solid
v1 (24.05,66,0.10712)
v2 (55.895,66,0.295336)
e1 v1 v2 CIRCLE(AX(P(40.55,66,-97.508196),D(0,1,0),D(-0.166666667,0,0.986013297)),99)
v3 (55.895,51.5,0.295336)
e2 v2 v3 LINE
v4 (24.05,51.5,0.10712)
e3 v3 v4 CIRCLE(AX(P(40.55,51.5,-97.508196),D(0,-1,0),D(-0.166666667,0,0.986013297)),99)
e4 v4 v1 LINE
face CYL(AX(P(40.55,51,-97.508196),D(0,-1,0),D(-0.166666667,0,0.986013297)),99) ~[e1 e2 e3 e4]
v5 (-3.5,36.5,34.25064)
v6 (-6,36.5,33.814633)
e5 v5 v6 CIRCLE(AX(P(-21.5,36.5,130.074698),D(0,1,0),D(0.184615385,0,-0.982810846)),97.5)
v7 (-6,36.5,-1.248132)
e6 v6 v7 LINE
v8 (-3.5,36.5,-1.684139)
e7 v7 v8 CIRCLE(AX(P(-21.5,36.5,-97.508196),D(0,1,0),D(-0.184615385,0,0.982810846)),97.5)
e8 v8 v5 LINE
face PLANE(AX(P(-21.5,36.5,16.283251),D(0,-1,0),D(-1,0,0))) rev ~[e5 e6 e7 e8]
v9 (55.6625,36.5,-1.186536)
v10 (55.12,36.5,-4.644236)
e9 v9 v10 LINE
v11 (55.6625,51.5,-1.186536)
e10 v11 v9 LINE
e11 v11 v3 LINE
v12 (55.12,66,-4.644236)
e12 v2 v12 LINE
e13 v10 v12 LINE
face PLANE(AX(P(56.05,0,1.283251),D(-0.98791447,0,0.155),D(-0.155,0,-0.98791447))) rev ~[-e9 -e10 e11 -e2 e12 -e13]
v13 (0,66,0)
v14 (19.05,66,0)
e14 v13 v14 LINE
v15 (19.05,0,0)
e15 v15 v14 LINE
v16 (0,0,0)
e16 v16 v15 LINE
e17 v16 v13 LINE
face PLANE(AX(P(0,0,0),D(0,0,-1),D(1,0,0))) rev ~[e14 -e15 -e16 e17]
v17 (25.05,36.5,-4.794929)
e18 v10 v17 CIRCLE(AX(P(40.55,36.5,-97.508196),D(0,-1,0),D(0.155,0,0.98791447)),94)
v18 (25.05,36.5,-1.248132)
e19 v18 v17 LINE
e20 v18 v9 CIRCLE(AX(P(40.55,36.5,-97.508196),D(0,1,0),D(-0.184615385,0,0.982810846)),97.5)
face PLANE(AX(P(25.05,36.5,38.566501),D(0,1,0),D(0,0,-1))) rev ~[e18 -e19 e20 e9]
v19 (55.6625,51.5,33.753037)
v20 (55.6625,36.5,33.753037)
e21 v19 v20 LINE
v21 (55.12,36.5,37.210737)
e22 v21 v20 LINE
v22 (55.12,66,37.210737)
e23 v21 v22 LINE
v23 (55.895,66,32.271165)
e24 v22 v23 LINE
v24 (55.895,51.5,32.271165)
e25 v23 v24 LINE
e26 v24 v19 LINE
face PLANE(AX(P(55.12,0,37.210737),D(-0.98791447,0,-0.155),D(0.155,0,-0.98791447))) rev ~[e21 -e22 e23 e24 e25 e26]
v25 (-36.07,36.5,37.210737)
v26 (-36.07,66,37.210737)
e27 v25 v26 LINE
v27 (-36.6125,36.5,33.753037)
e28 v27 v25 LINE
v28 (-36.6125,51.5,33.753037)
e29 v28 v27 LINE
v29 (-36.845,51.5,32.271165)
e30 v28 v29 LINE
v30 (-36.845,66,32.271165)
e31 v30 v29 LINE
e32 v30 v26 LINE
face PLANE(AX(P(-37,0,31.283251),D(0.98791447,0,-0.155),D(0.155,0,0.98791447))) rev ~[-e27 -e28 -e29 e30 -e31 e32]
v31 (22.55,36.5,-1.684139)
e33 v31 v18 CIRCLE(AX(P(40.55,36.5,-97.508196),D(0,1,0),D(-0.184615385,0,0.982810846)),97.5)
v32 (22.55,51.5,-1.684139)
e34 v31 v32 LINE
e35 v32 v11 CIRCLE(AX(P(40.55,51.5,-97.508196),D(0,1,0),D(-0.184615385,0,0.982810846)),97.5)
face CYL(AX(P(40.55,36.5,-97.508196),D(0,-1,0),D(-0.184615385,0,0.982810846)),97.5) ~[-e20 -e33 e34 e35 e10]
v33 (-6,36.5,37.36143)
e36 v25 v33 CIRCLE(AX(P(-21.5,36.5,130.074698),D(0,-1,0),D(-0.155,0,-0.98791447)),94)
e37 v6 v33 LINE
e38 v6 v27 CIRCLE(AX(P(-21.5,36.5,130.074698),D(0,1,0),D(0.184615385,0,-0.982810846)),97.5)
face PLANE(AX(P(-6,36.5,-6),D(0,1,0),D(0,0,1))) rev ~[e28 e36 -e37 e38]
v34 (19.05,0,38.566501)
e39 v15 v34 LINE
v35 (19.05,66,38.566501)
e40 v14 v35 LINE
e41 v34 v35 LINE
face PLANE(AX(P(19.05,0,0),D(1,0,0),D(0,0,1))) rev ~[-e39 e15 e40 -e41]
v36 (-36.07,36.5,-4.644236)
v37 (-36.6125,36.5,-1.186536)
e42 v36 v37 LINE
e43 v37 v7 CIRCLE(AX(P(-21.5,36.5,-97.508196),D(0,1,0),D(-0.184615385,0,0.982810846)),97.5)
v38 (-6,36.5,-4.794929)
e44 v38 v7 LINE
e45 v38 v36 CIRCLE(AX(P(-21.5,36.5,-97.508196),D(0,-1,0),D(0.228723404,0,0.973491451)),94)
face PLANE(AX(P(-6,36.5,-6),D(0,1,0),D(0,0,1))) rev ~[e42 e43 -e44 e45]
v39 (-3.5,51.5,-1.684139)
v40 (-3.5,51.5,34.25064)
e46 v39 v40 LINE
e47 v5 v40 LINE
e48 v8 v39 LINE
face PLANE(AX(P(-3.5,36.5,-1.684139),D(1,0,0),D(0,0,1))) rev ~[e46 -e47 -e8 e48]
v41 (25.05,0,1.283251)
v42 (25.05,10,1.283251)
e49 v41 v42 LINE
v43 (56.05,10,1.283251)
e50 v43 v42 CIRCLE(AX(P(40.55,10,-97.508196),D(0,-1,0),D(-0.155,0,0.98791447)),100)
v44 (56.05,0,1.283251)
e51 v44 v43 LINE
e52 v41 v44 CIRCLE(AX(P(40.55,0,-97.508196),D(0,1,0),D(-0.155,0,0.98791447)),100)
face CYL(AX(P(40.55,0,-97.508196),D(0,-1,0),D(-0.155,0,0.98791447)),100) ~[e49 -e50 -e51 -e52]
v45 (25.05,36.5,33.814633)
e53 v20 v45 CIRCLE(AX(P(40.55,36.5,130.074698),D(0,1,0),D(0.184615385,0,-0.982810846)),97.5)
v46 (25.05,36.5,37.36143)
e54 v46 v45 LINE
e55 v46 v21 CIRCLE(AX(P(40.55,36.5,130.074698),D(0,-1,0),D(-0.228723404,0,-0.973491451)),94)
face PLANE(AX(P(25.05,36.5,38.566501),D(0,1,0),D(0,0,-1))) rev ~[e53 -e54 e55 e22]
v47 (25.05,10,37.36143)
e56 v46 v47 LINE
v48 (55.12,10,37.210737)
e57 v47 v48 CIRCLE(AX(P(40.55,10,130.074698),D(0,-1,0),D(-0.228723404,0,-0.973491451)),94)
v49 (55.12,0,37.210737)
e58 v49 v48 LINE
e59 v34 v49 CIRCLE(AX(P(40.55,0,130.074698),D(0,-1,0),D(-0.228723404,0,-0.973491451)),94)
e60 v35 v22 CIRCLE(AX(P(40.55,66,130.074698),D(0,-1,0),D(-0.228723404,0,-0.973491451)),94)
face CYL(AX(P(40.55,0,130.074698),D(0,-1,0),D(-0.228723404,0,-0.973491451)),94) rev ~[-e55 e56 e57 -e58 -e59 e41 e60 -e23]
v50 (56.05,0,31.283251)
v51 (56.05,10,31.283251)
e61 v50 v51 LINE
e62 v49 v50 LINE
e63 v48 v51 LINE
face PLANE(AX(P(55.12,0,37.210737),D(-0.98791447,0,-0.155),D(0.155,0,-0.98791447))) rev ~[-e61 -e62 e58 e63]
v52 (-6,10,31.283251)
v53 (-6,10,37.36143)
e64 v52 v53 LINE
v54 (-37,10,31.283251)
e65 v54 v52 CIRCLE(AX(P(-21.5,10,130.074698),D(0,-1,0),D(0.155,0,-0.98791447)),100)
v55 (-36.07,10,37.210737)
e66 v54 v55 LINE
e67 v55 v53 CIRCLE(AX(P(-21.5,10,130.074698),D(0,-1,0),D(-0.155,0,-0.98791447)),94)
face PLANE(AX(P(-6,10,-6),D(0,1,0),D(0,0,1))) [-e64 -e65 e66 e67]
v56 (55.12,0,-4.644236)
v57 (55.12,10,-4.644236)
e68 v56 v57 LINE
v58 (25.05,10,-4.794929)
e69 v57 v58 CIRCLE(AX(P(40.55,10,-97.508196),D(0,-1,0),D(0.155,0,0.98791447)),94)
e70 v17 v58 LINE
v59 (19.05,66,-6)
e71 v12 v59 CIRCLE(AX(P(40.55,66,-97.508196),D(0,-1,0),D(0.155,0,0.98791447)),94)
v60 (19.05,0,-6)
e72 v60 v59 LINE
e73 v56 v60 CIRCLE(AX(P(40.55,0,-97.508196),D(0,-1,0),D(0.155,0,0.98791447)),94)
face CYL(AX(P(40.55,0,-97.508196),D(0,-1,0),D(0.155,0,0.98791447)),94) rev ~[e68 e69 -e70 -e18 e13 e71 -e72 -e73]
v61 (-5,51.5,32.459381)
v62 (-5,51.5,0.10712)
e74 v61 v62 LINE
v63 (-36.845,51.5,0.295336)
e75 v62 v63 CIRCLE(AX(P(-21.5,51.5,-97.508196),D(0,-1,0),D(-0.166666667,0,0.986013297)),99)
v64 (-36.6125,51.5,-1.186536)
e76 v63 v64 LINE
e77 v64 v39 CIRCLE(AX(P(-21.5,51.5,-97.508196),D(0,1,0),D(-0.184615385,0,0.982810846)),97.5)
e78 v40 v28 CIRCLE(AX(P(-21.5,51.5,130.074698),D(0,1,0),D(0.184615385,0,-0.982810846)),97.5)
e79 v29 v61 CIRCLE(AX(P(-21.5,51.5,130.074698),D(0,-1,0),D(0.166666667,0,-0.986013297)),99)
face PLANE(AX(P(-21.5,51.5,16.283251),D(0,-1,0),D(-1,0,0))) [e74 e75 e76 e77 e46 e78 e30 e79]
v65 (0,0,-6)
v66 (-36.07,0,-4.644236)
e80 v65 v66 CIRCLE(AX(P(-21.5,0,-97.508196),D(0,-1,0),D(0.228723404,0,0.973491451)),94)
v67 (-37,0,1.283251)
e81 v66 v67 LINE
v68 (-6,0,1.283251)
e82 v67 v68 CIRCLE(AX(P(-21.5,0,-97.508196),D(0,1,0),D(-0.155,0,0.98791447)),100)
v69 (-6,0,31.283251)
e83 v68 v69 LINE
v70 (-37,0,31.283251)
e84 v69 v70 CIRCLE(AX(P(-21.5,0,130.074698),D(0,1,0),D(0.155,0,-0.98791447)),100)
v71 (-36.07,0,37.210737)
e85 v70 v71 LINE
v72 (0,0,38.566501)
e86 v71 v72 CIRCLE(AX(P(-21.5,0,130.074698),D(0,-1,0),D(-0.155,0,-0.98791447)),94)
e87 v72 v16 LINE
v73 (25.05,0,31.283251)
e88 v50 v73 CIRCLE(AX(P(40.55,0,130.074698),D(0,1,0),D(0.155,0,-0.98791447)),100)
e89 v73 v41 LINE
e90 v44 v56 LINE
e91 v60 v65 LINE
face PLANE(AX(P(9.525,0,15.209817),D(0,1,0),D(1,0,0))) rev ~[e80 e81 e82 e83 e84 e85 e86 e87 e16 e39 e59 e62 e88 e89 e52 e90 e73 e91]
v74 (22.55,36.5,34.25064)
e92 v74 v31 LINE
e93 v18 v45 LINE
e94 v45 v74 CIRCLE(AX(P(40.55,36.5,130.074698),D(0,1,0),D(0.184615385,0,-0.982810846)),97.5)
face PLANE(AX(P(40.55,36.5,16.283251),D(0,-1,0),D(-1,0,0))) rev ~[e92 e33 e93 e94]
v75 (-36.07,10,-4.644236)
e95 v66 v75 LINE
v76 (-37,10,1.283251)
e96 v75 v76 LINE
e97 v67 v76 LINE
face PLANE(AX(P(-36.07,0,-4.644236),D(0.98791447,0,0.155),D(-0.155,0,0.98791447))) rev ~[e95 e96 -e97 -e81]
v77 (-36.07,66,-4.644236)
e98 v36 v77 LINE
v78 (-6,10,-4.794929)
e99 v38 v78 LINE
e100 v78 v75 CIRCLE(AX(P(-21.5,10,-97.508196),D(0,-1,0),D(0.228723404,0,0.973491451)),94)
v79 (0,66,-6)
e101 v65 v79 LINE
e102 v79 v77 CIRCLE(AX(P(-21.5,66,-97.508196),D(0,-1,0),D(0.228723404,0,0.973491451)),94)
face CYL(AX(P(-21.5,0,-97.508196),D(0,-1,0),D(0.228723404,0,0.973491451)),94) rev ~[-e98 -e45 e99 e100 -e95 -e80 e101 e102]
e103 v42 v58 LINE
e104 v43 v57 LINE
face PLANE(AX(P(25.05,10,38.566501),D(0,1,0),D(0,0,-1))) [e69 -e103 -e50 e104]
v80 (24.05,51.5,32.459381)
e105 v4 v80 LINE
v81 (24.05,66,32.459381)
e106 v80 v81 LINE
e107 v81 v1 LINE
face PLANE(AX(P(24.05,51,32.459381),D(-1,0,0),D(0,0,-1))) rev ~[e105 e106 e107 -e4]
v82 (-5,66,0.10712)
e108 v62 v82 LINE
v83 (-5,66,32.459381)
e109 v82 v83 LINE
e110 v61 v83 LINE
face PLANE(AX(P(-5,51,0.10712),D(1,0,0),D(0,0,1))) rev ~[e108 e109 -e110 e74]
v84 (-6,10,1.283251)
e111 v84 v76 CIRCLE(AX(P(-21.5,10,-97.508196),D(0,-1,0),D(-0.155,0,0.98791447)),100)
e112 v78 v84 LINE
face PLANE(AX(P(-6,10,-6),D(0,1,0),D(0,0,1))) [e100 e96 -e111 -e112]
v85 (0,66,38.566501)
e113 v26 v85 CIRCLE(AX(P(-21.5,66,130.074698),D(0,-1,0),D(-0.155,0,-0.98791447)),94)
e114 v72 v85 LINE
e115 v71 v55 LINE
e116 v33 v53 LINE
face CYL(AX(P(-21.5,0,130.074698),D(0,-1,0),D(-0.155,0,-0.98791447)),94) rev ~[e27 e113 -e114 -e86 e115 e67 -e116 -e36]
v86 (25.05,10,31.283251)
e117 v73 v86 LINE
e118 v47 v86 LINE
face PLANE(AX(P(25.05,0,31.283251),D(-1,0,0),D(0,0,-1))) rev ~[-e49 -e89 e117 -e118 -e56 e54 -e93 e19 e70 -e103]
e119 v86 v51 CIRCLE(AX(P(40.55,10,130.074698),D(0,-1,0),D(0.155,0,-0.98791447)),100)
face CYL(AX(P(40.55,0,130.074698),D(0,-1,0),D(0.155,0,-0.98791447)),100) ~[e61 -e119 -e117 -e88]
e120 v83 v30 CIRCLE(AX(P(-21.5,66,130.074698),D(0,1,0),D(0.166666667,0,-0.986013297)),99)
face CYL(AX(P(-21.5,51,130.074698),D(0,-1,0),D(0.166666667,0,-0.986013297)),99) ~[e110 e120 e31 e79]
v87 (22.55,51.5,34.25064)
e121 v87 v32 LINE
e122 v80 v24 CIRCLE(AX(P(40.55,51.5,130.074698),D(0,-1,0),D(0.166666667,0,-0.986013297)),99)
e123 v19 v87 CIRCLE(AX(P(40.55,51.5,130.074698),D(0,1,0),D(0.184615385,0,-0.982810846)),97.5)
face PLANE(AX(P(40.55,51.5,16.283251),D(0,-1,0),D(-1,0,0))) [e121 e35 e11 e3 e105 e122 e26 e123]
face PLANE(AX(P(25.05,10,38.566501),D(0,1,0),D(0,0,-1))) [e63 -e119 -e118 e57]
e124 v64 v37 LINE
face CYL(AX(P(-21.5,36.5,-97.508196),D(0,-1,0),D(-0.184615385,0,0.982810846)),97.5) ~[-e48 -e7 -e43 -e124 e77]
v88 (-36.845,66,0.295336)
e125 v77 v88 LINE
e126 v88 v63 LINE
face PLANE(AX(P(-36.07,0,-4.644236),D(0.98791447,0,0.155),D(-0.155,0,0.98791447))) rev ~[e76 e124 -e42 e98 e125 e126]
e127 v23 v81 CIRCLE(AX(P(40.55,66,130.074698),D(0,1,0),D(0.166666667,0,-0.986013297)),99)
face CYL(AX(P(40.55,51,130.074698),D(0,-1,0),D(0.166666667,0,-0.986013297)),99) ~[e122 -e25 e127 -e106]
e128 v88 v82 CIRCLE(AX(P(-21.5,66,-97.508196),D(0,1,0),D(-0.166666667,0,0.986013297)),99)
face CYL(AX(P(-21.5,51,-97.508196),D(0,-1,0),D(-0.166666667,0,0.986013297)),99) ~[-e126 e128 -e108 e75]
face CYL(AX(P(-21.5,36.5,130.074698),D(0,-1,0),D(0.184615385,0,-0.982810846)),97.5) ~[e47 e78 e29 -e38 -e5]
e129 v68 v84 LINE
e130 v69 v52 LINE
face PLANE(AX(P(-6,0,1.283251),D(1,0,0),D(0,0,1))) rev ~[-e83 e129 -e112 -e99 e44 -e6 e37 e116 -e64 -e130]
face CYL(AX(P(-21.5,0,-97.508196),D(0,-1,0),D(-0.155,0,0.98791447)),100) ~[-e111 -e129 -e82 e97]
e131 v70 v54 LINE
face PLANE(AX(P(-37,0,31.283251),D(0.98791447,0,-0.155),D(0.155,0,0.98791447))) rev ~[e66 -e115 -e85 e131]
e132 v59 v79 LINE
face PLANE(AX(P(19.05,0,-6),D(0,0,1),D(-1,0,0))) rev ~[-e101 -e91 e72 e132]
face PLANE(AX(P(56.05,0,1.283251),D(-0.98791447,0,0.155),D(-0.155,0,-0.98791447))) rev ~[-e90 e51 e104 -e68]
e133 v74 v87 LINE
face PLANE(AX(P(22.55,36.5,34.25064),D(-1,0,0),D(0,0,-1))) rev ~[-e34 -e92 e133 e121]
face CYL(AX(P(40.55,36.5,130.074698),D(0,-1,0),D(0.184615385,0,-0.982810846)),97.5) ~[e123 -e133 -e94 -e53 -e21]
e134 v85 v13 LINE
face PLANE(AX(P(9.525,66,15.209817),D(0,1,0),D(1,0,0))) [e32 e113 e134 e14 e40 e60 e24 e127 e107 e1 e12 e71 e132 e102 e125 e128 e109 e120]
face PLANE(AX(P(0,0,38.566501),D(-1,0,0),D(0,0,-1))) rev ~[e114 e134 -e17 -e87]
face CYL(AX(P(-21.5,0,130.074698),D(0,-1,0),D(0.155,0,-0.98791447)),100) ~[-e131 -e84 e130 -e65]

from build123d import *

# Parameters (mm, degrees)
BOSS_EXTRUDE1_DEPTH = 66
CUT_EXTRUDE1_START  = -15
CUT_EXTRUDE1_DEPTH  = 15
CUT_EXTRUDE2_START  = -14.5
CUT_EXTRUDE2_DEPTH  = 15
SKETCH4_W           = 44.566501288
SKETCH4_H           = 26.5
CUT_EXTRUDE3_DEPTH  = 99.455967425
SKETCH5_W           = 44.566501288
SKETCH5_H           = 26.5
CUT_EXTRUDE4_DEPTH  = 99.455967425


with BuildPart() as part:
    # Sketch1 → Boss-Extrude1 (new body)
    with BuildSketch(Plane(origin=(0, 0, 0), x_dir=(1, 0, 0), z_dir=(0, 1, 0))):
        with BuildLine():
            Line((-6, -1.283250644), (-6, -31.283250644))
            ThreePointArc((-6, -31.283250644), (-21.5, -30.074697642), (-37, -31.283250644))
            Line((-37, -31.283250644), (-36.07, -37.210737464))
            ThreePointArc((-36.07, -37.210737464), (-17.969313256, -36.14102822), (0, -38.566501288))
            Line((0, -38.566501288), (0, 0))
            Line((0, 0), (19.05, 0))
            Line((19.05, 0), (19.05, -38.566501288))
            ThreePointArc((19.05, -38.566501288), (37.019313256, -36.14102822), (55.12, -37.210737464))
            Line((55.12, -37.210737464), (56.05, -31.283250644))
            ThreePointArc((56.05, -31.283250644), (40.55, -30.074697642), (25.05, -31.283250644))
            Line((25.05, -31.283250644), (25.05, -1.283250644))
            ThreePointArc((25.05, -1.283250644), (40.55, -2.491803646), (56.05, -1.283250644))
            Line((56.05, -1.283250644), (55.12, 4.644236176))
            ThreePointArc((55.12, 4.644236176), (37.019313256, 3.574526932), (19.05, 6))
            Line((19.05, 6), (0, 6))
            ThreePointArc((0, 6), (-17.969313256, 3.574526932), (-36.07, 4.644236176))
            Line((-36.07, 4.644236176), (-37, -1.283250644))
            ThreePointArc((-37, -1.283250644), (-21.5, -2.491803646), (-6, -1.283250644))
        make_face()
    extrude(amount=BOSS_EXTRUDE1_DEPTH)

    # Sketch2 → Cut-Extrude1 (cut)
    # profile 1 of 2: a face of its own
    with BuildSketch(Plane(origin=(0, 66, 0), x_dir=(1, 0, 0), z_dir=(0, 1, 0)).offset(CUT_EXTRUDE1_START)):
        with BuildLine():
            Line((-5, -0.107120067), (-5, -32.459381221))
            ThreePointArc((-5, -32.459381221), (-21.5, -31.074697642), (-38, -32.459381221))
            Line((-38, -32.459381221), (-38, -0.107120067))
            ThreePointArc((-38, -0.107120067), (-21.5, -1.491803646), (-5, -0.107120067))
        make_face()
        with BuildLine():
            Line((-6, -1.283250644), (-6, -31.283250644))
            ThreePointArc((-6, -31.283250644), (-21.5, -30.074697642), (-37, -31.283250644))
            Line((-37, -31.283250644), (-37, -1.283250644))
            ThreePointArc((-37, -1.283250644), (-21.5, -2.491803646), (-6, -1.283250644))
        make_face(mode=Mode.SUBTRACT)
    # profile 2 of 2: a face of its own
    with BuildSketch(Plane(origin=(0, 66, 0), x_dir=(1, 0, 0), z_dir=(0, 1, 0)).offset(CUT_EXTRUDE1_START)):
        with BuildLine():
            Line((57.05, -0.107120067), (57.05, -32.459381221))
            ThreePointArc((57.05, -32.459381221), (40.55, -31.074697642), (24.05, -32.459381221))
            Line((24.05, -32.459381221), (24.05, -0.107120067))
            ThreePointArc((24.05, -0.107120067), (40.55, -1.491803646), (57.05, -0.107120067))
        make_face()
        with BuildLine():
            Line((25.05, -1.283250644), (25.05, -31.283250644))
            ThreePointArc((25.05, -31.283250644), (40.55, -30.074697642), (56.05, -31.283250644))
            Line((56.05, -31.283250644), (56.05, -1.283250644))
            ThreePointArc((56.05, -1.283250644), (40.55, -2.491803646), (25.05, -1.283250644))
        make_face(mode=Mode.SUBTRACT)
    extrude(amount=CUT_EXTRUDE1_DEPTH, mode=Mode.SUBTRACT)

    # Sketch3 → Cut-Extrude2 (cut)
    # profile 1 of 2: a face of its own
    with BuildSketch(Plane(origin=(0, 51, 0), x_dir=(1, 0, 0), z_dir=(0, 1, 0)).offset(CUT_EXTRUDE2_START)):
        with BuildLine():
            Line((-3.5, 1.684138832), (-3.5, -34.25064012))
            ThreePointArc((-3.5, -34.25064012), (-21.5, -32.574697642), (-39.5, -34.25064012))
            Line((-39.5, -34.25064012), (-39.5, 1.684138832))
            ThreePointArc((-39.5, 1.684138832), (-21.5, 0.008196354), (-3.5, 1.684138832))
        make_face()
        with BuildLine():
            Line((-37, -1.283250644), (-37, -31.283250644))
            ThreePointArc((-37, -31.283250644), (-21.5, -30.074697642), (-6, -31.283250644))
            Line((-6, -31.283250644), (-6, -1.283250644))
            ThreePointArc((-6, -1.283250644), (-21.5, -2.491803646), (-37, -1.283250644))
        make_face(mode=Mode.SUBTRACT)
    # profile 2 of 2: a face of its own
    with BuildSketch(Plane(origin=(0, 51, 0), x_dir=(1, 0, 0), z_dir=(0, 1, 0)).offset(CUT_EXTRUDE2_START)):
        with BuildLine():
            Line((58.55, 1.684138832), (58.55, -34.25064012))
            ThreePointArc((58.55, -34.25064012), (40.55, -32.574697642), (22.55, -34.25064012))
            Line((22.55, -34.25064012), (22.55, 1.684138832))
            ThreePointArc((22.55, 1.684138832), (40.55, 0.008196354), (58.55, 1.684138832))
        make_face()
        with BuildLine():
            Line((25.05, -1.283250644), (25.05, -31.283250644))
            ThreePointArc((25.05, -31.283250644), (40.55, -30.074697642), (56.05, -31.283250644))
            Line((56.05, -31.283250644), (56.05, -1.283250644))
            ThreePointArc((56.05, -1.283250644), (40.55, -2.491803646), (25.05, -1.283250644))
        make_face(mode=Mode.SUBTRACT)
    extrude(amount=CUT_EXTRUDE2_DEPTH, mode=Mode.SUBTRACT)

    # Sketch4 → Cut-Extrude3 (cut, through all)
    with BuildSketch(Plane.ZY.offset(6)):
        with Locations((16.283250644, 23.25)):
            Rectangle(SKETCH4_W, SKETCH4_H)
    extrude(amount=CUT_EXTRUDE3_DEPTH, mode=Mode.SUBTRACT)

    # Sketch5 → Cut-Extrude4 (cut, through all)
    with BuildSketch(Plane(origin=(25.05, 0, 0), x_dir=(0, 0, -1), z_dir=(1, 0, 0))):
        with Locations((-16.283250644, 23.25)):
            Rectangle(SKETCH5_W, SKETCH5_H)
    extrude(amount=CUT_EXTRUDE4_DEPTH, mode=Mode.SUBTRACT)


solid = part.part
